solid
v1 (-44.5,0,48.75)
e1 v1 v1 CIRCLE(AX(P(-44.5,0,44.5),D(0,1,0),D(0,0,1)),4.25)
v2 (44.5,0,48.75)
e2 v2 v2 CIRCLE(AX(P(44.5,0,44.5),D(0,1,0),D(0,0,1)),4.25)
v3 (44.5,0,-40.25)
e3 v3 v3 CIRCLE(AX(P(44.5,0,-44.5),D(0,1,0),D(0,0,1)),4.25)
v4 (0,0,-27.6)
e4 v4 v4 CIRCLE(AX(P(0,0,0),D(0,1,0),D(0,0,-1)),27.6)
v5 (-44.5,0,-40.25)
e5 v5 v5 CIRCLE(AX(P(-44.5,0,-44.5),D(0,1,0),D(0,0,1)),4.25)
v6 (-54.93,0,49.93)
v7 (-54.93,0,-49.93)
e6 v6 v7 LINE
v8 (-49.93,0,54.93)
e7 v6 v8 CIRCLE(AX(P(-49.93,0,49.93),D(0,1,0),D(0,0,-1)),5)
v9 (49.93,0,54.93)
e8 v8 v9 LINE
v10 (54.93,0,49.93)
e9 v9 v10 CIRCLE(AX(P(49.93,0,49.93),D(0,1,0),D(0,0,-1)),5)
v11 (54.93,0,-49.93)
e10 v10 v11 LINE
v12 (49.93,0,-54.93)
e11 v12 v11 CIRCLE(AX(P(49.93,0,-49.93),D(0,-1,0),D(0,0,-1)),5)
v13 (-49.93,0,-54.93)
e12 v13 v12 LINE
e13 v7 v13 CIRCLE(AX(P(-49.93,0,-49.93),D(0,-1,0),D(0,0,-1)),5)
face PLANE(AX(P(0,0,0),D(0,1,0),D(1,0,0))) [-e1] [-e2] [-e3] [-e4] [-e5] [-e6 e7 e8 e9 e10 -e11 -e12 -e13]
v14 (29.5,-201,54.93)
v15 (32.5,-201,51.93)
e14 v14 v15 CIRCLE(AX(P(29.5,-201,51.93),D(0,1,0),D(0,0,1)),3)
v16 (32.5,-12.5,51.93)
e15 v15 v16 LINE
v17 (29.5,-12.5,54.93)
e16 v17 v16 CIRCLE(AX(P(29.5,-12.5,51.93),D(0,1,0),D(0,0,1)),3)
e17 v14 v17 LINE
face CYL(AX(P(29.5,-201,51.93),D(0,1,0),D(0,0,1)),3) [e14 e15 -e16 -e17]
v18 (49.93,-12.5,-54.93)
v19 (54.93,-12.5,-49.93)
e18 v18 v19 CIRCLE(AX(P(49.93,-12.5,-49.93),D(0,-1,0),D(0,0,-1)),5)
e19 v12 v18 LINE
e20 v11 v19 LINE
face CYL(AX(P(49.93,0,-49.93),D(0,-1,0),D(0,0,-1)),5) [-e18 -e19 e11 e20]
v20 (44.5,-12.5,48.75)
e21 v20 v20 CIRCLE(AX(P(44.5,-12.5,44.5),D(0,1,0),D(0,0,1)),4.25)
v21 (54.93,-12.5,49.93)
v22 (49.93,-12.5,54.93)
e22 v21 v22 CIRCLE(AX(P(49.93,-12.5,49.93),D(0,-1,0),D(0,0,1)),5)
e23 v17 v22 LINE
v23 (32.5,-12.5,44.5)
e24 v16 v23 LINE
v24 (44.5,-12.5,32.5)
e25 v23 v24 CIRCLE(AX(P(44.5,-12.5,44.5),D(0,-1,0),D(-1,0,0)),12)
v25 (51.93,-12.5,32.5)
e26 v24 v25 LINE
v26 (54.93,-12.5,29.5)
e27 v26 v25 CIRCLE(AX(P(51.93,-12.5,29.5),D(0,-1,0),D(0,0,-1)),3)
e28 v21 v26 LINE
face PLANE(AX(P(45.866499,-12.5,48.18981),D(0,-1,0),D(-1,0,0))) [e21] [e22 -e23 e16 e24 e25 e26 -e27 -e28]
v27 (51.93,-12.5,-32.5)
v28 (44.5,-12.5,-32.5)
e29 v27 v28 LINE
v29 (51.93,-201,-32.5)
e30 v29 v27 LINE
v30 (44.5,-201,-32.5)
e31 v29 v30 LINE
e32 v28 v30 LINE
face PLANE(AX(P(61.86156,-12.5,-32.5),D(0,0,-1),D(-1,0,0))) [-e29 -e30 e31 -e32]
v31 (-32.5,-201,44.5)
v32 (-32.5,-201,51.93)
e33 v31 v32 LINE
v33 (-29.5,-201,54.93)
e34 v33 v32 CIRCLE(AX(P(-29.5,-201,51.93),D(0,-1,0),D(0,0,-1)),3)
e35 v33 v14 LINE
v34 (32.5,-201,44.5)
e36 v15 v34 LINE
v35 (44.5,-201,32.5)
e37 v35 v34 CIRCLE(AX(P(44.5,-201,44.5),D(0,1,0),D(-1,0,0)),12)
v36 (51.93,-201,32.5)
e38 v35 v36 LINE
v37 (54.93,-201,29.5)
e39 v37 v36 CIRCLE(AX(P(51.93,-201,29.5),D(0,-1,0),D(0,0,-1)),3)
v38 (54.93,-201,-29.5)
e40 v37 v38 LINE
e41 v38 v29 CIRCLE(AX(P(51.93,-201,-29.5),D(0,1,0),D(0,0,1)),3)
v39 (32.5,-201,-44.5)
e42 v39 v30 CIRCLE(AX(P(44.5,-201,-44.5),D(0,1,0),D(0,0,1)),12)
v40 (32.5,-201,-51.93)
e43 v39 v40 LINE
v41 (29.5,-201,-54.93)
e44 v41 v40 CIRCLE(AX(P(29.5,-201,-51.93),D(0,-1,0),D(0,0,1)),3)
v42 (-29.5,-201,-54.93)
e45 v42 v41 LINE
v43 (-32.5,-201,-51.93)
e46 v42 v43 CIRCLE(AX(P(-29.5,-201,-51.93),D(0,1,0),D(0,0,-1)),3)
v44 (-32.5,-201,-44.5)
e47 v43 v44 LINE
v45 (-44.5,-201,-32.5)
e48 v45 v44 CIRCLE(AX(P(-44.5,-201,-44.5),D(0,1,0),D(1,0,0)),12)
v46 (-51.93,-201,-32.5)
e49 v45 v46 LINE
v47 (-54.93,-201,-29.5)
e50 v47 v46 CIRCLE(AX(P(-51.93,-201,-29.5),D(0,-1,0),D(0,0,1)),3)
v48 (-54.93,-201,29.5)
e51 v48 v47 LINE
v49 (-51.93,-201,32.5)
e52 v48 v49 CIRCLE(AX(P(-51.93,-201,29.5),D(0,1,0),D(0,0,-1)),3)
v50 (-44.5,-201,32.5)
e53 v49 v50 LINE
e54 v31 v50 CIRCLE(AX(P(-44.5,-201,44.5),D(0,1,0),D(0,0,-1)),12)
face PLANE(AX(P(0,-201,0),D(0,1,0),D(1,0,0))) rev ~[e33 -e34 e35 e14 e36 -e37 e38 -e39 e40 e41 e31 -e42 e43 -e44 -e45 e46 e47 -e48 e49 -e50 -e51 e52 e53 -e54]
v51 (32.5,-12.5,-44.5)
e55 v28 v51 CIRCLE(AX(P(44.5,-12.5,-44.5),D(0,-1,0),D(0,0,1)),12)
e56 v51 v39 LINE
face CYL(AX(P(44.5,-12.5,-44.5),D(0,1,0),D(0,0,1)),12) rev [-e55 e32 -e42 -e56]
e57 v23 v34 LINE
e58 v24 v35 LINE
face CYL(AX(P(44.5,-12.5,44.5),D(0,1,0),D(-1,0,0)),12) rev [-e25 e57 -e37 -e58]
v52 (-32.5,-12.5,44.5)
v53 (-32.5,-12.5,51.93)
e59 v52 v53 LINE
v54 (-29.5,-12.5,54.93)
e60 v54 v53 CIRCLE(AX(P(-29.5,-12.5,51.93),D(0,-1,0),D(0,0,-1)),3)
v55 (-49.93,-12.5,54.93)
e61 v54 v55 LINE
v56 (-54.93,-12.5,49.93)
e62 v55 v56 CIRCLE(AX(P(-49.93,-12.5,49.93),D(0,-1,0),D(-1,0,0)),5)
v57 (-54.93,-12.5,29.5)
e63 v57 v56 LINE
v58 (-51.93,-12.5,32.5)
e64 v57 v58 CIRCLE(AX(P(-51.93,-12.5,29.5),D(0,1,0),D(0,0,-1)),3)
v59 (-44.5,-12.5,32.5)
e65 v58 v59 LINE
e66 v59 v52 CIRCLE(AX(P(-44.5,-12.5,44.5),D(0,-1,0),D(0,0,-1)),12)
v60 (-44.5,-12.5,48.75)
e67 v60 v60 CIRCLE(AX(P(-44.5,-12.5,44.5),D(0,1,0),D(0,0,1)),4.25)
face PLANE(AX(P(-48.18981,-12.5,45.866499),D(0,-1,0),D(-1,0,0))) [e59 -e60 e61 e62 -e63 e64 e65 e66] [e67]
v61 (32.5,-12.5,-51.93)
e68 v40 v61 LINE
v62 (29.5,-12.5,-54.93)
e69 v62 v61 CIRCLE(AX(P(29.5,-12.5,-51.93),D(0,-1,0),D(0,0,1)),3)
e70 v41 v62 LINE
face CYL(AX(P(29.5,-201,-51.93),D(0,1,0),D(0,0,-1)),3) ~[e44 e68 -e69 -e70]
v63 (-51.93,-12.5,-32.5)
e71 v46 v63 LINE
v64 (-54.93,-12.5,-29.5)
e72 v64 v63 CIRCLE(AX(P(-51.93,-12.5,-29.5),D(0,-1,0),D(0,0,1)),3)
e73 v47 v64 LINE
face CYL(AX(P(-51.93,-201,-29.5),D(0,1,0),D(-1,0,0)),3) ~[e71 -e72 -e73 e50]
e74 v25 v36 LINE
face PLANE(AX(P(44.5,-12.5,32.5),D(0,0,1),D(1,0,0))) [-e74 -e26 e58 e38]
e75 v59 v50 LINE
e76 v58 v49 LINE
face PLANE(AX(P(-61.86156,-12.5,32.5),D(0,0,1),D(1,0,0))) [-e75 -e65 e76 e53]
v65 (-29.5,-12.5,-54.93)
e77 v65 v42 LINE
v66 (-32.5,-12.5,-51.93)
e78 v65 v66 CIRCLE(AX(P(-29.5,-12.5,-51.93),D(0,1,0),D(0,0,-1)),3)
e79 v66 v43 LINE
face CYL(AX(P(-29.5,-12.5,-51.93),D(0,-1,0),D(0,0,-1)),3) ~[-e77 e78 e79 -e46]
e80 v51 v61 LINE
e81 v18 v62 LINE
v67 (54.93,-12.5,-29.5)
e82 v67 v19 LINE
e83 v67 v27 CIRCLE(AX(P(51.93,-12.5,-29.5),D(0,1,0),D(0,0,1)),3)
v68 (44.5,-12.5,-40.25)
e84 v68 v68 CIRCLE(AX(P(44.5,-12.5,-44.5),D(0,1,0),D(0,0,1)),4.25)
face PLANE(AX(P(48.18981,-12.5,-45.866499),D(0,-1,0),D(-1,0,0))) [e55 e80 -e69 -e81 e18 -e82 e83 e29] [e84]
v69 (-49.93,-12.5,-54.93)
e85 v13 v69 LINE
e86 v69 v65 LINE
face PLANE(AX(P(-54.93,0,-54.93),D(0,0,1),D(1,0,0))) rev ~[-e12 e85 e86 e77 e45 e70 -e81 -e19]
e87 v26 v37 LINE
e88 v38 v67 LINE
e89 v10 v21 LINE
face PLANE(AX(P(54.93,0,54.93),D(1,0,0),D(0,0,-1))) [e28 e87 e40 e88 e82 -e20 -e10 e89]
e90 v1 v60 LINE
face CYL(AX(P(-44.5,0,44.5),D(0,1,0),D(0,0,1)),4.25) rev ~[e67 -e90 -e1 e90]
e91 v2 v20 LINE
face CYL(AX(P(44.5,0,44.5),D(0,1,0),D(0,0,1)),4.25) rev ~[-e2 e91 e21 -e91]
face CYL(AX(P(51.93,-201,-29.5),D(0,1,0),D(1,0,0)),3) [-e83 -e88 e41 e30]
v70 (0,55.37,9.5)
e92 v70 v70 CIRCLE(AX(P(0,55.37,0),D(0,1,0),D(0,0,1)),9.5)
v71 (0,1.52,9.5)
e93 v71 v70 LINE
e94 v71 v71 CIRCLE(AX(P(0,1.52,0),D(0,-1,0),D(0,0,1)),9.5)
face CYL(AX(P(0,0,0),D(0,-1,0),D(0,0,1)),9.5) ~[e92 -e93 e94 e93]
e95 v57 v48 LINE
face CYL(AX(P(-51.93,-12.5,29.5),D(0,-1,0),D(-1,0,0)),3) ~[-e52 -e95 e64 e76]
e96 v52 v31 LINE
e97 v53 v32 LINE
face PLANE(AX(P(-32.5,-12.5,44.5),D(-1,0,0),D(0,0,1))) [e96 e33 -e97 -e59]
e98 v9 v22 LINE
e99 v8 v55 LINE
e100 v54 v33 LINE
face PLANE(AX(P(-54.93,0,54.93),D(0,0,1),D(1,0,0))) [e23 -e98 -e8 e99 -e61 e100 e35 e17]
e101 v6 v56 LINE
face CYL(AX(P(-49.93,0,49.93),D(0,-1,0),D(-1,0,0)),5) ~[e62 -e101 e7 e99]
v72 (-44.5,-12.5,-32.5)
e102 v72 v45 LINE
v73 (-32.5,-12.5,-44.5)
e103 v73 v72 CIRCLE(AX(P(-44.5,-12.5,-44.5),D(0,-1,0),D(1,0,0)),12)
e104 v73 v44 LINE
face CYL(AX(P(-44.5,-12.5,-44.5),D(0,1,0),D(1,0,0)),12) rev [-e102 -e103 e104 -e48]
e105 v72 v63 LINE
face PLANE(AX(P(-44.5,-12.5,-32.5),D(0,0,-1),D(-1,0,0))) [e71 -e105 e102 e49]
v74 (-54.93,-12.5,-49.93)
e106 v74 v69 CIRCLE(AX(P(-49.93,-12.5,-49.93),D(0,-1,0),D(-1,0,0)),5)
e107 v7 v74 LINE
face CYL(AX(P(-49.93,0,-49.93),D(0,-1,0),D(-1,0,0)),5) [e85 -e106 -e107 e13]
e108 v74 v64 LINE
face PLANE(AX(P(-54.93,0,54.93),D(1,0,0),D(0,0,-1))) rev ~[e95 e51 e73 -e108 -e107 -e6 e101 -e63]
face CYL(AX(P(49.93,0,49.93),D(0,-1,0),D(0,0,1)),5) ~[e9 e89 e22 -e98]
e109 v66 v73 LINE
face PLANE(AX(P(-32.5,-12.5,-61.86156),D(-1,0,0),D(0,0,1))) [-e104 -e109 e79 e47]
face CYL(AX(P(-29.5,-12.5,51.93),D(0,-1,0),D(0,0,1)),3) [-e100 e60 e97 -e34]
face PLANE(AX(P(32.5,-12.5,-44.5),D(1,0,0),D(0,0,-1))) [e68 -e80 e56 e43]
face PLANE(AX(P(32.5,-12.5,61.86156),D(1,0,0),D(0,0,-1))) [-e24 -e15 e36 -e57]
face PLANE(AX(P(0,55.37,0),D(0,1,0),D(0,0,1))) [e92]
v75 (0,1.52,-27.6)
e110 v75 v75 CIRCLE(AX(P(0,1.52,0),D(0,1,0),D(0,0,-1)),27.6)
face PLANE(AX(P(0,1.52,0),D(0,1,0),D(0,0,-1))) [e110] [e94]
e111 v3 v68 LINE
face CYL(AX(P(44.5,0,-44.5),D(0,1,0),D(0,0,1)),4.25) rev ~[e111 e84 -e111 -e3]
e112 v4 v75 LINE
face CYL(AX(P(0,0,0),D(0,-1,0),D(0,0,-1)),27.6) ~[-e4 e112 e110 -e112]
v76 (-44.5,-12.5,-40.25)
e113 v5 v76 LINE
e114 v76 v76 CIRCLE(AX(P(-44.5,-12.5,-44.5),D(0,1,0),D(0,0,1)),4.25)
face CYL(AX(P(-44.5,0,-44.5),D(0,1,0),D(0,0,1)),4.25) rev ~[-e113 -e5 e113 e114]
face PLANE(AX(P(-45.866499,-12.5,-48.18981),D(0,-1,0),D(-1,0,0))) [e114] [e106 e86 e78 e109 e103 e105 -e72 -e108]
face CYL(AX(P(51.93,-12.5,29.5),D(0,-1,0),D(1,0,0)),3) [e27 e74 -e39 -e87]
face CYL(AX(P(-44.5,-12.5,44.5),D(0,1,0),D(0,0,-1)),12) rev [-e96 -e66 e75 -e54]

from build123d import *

# Parameters (mm, degrees)
SKETCH1_W           = 109.86
SKETCH1_H           = 109.86
SKETCH1_R           = 4.25
BOSS_EXTRUDE1_DEPTH = 201
FILLET1_R           = 5
SKETCH2_R           = 27.6
BOSS_EXTRUDE2_DEPTH = 1.52
SKETCH3_R           = 9.5
BOSS_EXTRUDE3_DEPTH = 55.37
CUT_EXTRUDE1_START  = -12.5
CUT_EXTRUDE1_DEPTH  = 205.37
FILLET2_R           = 3


with BuildPart() as part:
    # Sketch1 → Boss-Extrude1 (new body)
    with BuildSketch(Plane(origin=(0, 0, 0), x_dir=(1, 0, 0), z_dir=(0, 1, 0))):
        Rectangle(SKETCH1_W, SKETCH1_H)
        with Locations(Location((-44.5, 44.5, 0), (0, 0, 270))):
            Circle(SKETCH1_R, mode=Mode.SUBTRACT)
        with Locations(Location((44.5, 44.5, 0), (0, 0, 270))):
            Circle(SKETCH1_R, mode=Mode.SUBTRACT)
        with Locations(Location((44.5, -44.5, 0), (0, 0, 270))):
            Circle(SKETCH1_R, mode=Mode.SUBTRACT)
        with Locations(Location((-44.5, -44.5, 0), (0, 0, 270))):
            Circle(SKETCH1_R, mode=Mode.SUBTRACT)
    extrude(amount=-BOSS_EXTRUDE1_DEPTH)

    # Fillet1
    fillet1_edges = [part.edges().sort_by_distance(p)[0] for p in [
        (54.93, -100.5, 54.93),
        (-54.93, -100.5, 54.93),
        (-54.93, -100.5, -54.93),
        (54.93, -100.5, -54.93),
    ]]
    fillet(fillet1_edges, radius=FILLET1_R)

    # Sketch2 → Boss-Extrude2 (add)
    with BuildSketch(Plane(origin=(0, 0, 0), x_dir=(1, 0, 0), z_dir=(0, 1, 0))):
        with Locations(Location((0, 0, 0), (0, 0, 90))):
            Circle(SKETCH2_R)
    extrude(amount=BOSS_EXTRUDE2_DEPTH)

    # Sketch3 → Boss-Extrude3 (add)
    with BuildSketch(Plane(origin=(0, 0, 0), x_dir=(1, 0, 0), z_dir=(0, 1, 0))):
        with Locations(Location((0, 0, 0), (0, 0, 270))):
            Circle(SKETCH3_R)
    extrude(amount=BOSS_EXTRUDE3_DEPTH)

    # Sketch5 → Cut-Extrude1 (cut)
    with BuildSketch(Plane(origin=(0, 0, 0), x_dir=(1, 0, 0), z_dir=(0, 1, 0)).offset(CUT_EXTRUDE1_START)):
        with BuildLine():
            Line((-44.5, 32.5), (-57.57926657, 32.5))
            Line((-57.57926657, 32.5), (-57.57926657, 62.356452686))
            Line((-57.57926657, 62.356452686), (-32.5, 61.861560204))
            Line((-32.5, 61.861560204), (-32.5, 44.5))
            ThreePointArc((-32.5, 44.5), (-36.014718626, 36.014718626), (-44.5, 32.5))
        make_face()
        with BuildLine():
            Line((62.356452686, 57.57926657), (61.861560204, 32.5))
            Line((61.861560204, 32.5), (44.5, 32.5))
            ThreePointArc((44.5, 32.5), (36.014718626, 36.014718626), (32.5, 44.5))
            Line((32.5, 44.5), (32.5, 57.57926657))
            Line((32.5, 57.57926657), (62.356452686, 57.57926657))
        make_face()
        with BuildLine():
            Line((57.57926657, -62.356452686), (32.5, -61.861560204))
            Line((32.5, -61.861560204), (32.5, -44.5))
            ThreePointArc((32.5, -44.5), (36.014718626, -36.014718626), (44.5, -32.5))
            Line((44.5, -32.5), (57.57926657, -32.5))
            Line((57.57926657, -32.5), (57.57926657, -62.356452686))
        make_face()
        with BuildLine():
            Line((-62.356452686, -57.57926657), (-61.861560204, -32.5))
            Line((-61.861560204, -32.5), (-44.5, -32.5))
            ThreePointArc((-44.5, -32.5), (-36.014718626, -36.014718626), (-32.5, -44.5))
            Line((-32.5, -44.5), (-32.5, -57.57926657))
            Line((-32.5, -57.57926657), (-62.356452686, -57.57926657))
        make_face()
    extrude(amount=-CUT_EXTRUDE1_DEPTH, mode=Mode.SUBTRACT)

    # Fillet2
    fillet2_edges = [part.edges().sort_by_distance(p)[0] for p in [
        (32.5, -106.75, 54.93),
        (32.5, -106.75, -54.93),
        (54.93, -106.75, -32.5),
        (-54.93, -106.75, -32.5),
        (-32.5, -106.75, -54.93),
        (-32.5, -106.75, 54.93),
        (-54.93, -106.75, 32.5),
        (54.93, -106.75, 32.5),
    ]]
    fillet(fillet2_edges, radius=FILLET2_R)


solid = part.part
